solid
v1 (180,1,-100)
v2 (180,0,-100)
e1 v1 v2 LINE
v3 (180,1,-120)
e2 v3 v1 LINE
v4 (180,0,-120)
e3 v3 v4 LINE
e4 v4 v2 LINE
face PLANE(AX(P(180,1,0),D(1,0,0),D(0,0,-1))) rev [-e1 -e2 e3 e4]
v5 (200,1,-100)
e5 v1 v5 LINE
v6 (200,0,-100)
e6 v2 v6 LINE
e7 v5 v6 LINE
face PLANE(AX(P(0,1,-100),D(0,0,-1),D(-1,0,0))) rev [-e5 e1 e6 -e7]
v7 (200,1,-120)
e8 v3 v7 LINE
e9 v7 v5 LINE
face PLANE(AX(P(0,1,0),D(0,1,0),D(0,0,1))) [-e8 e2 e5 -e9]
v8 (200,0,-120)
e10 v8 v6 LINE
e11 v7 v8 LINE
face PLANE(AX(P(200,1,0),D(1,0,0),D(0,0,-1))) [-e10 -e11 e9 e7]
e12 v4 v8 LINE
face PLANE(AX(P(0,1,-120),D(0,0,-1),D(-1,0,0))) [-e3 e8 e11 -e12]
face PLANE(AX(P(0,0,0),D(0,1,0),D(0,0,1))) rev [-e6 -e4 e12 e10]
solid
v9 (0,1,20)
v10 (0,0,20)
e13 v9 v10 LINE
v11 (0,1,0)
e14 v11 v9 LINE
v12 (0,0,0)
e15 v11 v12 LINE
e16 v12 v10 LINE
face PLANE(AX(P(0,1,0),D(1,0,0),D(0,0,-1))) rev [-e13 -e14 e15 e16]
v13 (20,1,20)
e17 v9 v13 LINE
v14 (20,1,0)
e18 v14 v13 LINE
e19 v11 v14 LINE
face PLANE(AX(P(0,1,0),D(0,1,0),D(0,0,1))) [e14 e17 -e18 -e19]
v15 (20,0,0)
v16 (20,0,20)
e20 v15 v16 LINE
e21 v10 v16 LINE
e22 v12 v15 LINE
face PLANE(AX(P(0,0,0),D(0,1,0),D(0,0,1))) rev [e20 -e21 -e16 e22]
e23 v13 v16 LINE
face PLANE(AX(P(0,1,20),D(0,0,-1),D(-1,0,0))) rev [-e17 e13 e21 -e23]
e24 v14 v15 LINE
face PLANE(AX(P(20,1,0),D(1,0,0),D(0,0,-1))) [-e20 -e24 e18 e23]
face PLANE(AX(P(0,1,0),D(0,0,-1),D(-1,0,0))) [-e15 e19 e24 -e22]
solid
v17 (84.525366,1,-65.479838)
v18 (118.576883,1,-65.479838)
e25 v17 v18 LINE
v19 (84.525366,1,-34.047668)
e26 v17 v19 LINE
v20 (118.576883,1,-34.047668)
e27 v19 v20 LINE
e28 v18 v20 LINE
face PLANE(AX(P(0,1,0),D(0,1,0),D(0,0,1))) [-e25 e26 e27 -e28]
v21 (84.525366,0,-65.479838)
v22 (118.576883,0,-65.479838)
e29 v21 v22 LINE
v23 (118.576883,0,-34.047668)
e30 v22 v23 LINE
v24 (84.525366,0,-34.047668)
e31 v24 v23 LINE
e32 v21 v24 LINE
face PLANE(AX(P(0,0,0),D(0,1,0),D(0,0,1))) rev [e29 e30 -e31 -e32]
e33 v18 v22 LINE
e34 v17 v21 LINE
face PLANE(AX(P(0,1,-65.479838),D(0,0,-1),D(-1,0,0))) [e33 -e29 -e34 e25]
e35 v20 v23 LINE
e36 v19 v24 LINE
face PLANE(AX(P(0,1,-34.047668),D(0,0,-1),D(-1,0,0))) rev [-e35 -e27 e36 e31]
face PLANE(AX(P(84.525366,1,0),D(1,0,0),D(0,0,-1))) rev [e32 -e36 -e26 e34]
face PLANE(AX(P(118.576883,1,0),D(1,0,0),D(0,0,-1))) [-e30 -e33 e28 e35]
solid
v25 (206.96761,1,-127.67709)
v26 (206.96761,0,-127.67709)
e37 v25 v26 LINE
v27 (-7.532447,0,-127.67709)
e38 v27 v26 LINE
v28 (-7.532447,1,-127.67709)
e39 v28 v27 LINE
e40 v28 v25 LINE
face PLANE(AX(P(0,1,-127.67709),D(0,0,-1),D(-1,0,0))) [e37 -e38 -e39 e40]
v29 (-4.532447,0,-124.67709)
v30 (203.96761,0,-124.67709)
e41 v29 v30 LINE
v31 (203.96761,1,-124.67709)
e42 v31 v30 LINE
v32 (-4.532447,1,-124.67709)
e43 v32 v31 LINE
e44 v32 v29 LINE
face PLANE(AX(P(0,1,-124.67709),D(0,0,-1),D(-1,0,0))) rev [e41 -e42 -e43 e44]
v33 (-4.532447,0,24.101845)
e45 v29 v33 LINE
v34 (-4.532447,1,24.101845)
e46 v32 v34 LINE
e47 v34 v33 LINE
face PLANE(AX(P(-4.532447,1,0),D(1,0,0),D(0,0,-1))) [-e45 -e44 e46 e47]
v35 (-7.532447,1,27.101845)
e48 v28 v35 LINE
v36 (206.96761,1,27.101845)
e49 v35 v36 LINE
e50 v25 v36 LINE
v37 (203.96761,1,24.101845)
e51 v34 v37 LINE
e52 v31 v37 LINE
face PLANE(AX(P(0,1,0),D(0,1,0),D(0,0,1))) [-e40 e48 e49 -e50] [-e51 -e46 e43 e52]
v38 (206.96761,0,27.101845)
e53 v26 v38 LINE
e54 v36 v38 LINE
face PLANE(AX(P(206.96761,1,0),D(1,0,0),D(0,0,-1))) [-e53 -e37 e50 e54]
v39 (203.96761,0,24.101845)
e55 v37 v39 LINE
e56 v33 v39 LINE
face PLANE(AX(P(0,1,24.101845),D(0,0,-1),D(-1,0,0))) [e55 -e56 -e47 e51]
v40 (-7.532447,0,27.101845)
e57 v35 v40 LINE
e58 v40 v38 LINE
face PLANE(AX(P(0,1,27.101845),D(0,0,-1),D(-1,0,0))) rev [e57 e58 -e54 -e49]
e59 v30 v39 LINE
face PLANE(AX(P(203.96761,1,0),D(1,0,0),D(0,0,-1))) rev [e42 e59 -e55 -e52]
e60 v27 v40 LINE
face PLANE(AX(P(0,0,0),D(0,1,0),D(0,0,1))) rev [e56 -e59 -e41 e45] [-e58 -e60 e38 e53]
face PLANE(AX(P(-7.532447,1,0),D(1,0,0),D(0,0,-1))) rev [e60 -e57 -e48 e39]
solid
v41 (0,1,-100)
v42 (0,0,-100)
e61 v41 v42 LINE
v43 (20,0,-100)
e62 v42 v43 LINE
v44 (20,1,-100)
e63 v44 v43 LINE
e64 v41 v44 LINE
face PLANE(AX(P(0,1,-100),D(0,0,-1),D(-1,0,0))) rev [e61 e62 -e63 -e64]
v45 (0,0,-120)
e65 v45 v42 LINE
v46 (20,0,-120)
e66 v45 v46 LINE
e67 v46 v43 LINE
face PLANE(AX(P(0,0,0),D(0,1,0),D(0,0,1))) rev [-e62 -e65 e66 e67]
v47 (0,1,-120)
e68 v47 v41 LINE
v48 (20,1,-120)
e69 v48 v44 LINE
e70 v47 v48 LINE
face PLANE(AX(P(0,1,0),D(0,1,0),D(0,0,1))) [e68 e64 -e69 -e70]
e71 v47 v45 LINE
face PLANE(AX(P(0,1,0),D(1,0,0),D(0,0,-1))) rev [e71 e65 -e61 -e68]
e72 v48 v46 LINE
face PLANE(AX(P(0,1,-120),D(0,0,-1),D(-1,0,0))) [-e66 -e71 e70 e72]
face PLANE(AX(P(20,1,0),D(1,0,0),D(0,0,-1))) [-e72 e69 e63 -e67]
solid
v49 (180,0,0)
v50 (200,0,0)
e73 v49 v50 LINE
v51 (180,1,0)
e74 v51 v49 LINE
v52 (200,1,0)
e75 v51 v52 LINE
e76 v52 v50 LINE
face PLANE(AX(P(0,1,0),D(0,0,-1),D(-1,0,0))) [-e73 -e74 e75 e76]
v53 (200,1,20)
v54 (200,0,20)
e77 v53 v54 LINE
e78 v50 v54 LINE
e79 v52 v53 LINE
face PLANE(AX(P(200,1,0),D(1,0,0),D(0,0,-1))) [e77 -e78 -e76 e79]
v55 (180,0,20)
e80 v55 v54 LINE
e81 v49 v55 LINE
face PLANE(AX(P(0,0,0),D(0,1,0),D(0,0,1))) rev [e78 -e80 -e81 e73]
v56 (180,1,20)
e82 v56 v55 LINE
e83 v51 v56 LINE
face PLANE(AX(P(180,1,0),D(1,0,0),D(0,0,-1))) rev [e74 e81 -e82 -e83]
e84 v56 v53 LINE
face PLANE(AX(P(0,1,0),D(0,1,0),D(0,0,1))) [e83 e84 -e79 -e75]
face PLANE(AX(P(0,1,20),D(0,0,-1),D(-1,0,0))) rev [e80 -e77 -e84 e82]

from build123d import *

# Parameters (mm, degrees)
SKETCH_1_W        = 214.500056991
SKETCH_1_H        = 154.77893514
SKETCH_1_W_2      = 208.500056991
SKETCH_1_H_2      = 148.77893514
EXTRUDE_1_DEPTH   = 1
SKETCH_1_W_3      = 20
SKETCH_1_H_3      = 20
EXTRUDE_1_2_DEPTH = 1
EXTRUDE_1_3_DEPTH = 1
SKETCH_1_W_4      = 34.051516846
SKETCH_1_H_4      = 31.432169396
EXTRUDE_1_4_DEPTH = 1
EXTRUDE_1_5_DEPTH = 1
EXTRUDE_1_6_DEPTH = 1


with BuildPart() as part:
    # 草图1 → 凸台-拉伸1 (new body)
    with BuildSketch(Plane(origin=(0, 0, 0), x_dir=(1, 0, 0), z_dir=(0, 1, 0))):
        with Locations((99.717581207, 50.2876223)):
            Rectangle(SKETCH_1_W, SKETCH_1_H)
        with Locations((99.717581207, 50.2876223)):
            Rectangle(SKETCH_1_W_2, SKETCH_1_H_2, mode=Mode.SUBTRACT)
    extrude(amount=EXTRUDE_1_DEPTH)


with BuildPart() as body_2:
    # 草图1 → Extrude 1 2 (new body)
    with BuildSketch(Plane(origin=(0, 0, 0), x_dir=(1, 0, 0), z_dir=(0, 1, 0))):
        with Locations((10, 110)):
            Rectangle(SKETCH_1_W_3, SKETCH_1_H_3)
    extrude(amount=EXTRUDE_1_2_DEPTH)


with BuildPart() as body_3:
    # 草图1 → Extrude 1 3 (new body)
    with BuildSketch(Plane(origin=(0, 0, 0), x_dir=(1, 0, 0), z_dir=(0, 1, 0))):
        with Locations((10, -10)):
            Rectangle(SKETCH_1_W_3, SKETCH_1_H_3)
    extrude(amount=EXTRUDE_1_3_DEPTH)


with BuildPart() as body_4:
    # 草图1 → Extrude 1 4 (new body)
    with BuildSketch(Plane(origin=(0, 0, 0), x_dir=(1, 0, 0), z_dir=(0, 1, 0))):
        with Locations((101.551124421, 49.76375281)):
            Rectangle(SKETCH_1_W_4, SKETCH_1_H_4)
    extrude(amount=EXTRUDE_1_4_DEPTH)


with BuildPart() as body_5:
    # 草图1 → Extrude 1 5 (new body)
    with BuildSketch(Plane(origin=(0, 0, 0), x_dir=(1, 0, 0), z_dir=(0, 1, 0))):
        with Locations((190, 110)):
            Rectangle(SKETCH_1_W_3, SKETCH_1_H_3)
    extrude(amount=EXTRUDE_1_5_DEPTH)


with BuildPart() as body_6:
    # 草图1 → Extrude 1 6 (new body)
    with BuildSketch(Plane(origin=(0, 0, 0), x_dir=(1, 0, 0), z_dir=(0, 1, 0))):
        with Locations((190, -10)):
            Rectangle(SKETCH_1_W_3, SKETCH_1_H_3)
    extrude(amount=EXTRUDE_1_6_DEPTH)


solid = Compound([part.part, body_2.part, body_3.part, body_4.part, body_5.part, body_6.part])
